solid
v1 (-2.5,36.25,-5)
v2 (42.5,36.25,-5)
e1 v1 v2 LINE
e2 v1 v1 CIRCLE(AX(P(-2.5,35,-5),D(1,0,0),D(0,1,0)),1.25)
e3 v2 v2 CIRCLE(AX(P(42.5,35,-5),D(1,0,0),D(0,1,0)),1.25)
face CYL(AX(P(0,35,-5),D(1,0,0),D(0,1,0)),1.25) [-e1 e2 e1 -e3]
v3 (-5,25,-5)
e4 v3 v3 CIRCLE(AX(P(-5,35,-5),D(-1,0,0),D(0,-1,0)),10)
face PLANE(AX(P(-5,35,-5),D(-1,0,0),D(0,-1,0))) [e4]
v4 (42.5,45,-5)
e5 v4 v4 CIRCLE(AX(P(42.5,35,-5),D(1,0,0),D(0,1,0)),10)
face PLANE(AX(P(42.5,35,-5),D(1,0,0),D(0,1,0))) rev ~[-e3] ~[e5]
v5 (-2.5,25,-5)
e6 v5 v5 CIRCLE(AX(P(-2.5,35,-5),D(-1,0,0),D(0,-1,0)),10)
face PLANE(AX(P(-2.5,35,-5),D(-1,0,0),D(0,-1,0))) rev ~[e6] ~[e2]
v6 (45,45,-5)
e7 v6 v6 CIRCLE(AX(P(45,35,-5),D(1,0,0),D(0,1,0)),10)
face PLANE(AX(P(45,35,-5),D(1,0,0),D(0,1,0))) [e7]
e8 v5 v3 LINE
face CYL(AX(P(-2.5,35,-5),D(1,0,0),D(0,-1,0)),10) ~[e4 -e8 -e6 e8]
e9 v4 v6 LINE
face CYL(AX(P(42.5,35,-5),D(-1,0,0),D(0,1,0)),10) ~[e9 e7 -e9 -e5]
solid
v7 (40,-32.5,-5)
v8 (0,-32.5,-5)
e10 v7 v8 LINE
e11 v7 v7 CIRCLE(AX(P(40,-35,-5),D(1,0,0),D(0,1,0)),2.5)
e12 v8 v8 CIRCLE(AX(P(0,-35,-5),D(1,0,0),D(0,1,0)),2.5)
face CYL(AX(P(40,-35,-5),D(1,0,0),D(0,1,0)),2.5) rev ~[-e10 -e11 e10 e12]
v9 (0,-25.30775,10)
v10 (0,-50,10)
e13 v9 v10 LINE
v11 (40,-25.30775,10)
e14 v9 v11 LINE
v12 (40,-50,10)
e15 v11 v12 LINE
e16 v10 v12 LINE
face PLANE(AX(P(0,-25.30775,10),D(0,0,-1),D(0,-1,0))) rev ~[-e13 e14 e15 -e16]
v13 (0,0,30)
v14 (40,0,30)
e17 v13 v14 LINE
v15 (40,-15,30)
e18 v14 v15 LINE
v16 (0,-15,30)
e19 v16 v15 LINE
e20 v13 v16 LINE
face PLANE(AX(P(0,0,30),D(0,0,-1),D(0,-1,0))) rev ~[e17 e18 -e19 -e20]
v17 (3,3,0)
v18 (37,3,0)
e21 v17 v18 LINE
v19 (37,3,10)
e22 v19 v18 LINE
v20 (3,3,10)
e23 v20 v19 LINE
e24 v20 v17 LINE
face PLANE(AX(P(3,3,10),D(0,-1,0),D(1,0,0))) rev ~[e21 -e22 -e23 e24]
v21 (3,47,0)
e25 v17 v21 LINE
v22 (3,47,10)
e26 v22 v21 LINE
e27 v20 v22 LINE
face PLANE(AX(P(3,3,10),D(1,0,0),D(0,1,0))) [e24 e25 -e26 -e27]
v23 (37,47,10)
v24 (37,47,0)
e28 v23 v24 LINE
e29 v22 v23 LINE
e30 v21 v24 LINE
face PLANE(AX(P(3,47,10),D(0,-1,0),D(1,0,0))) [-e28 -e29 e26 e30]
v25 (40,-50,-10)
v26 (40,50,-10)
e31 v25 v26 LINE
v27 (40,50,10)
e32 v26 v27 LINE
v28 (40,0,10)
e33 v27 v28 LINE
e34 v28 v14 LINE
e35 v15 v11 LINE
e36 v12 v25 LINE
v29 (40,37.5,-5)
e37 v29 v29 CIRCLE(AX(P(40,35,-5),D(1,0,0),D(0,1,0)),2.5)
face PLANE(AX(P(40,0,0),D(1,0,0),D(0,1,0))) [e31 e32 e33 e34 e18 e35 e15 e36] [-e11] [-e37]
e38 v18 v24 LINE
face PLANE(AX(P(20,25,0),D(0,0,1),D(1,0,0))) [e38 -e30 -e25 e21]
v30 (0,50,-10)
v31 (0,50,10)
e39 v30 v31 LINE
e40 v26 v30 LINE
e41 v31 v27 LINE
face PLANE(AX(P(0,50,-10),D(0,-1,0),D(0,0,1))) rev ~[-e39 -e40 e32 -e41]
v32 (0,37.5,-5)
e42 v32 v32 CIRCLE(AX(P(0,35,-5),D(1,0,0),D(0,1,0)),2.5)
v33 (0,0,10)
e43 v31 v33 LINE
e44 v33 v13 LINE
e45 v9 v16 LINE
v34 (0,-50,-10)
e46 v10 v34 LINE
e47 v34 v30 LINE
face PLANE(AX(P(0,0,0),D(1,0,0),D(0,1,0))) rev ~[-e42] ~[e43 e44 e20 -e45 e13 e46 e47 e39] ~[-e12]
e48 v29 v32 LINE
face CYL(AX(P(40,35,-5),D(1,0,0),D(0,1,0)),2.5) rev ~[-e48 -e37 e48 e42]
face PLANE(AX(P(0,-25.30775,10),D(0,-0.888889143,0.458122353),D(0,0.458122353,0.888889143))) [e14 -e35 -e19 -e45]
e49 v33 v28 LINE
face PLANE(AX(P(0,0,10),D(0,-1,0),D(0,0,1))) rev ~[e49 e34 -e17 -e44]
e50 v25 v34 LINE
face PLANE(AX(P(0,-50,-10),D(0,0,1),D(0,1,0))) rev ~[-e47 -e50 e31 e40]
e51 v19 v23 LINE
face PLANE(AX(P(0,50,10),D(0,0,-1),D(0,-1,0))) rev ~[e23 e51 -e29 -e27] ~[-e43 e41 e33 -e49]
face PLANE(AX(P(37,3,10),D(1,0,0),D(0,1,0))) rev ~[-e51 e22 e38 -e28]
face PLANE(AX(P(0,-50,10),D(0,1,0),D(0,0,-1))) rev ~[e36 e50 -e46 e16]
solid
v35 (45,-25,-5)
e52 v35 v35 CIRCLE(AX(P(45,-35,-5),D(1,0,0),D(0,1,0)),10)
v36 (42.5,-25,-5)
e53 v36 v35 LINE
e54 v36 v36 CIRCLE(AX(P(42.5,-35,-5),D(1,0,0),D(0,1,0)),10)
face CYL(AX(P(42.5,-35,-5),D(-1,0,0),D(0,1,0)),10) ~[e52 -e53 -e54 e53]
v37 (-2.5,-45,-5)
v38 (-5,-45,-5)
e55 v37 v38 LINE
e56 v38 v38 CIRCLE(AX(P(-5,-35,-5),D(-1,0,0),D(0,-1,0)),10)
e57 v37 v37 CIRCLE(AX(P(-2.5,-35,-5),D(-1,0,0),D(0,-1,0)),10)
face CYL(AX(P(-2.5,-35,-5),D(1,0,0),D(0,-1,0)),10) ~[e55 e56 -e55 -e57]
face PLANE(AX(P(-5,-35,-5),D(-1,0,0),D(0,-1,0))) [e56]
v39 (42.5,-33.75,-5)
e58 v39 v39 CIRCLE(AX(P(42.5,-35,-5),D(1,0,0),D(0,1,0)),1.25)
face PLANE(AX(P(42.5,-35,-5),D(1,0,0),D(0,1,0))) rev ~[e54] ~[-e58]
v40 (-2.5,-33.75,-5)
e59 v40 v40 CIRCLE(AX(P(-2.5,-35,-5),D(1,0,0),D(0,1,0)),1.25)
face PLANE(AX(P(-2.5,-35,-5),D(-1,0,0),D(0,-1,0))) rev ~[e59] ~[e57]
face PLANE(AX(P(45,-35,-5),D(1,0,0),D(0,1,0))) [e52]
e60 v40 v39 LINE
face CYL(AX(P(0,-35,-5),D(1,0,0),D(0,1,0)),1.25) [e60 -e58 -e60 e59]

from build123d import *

# Parameters (mm, degrees)
F0_W      = 15
F0_H      = 20
F1_DEPTH  = 40
F2_DEPTH  = 25
F3_DEPTH  = 40.001
F4_R      = 2.5
F5_DEPTH  = 40.001
F6_W      = 34
F6_H      = 44
F7_DEPTH  = 10
F8_R      = 1.25
F9_DEPTH  = 42.5
F10_DEPTH = 2.5
F11_DEPTH = 2.5
F12_R     = 10
F13_DEPTH = 2.5
F14_R     = 10
F15_DEPTH = 2.5
F16_R     = 10
F17_DEPTH = 2.5
F18_R     = 10
F19_DEPTH = 2.5


with BuildPart() as f1:
    # F0 (on Right) → F1 (new body)
    with BuildSketch(Plane.YZ):
        Polygon((50, -10), (50, 10), (0, 10), (-15, 10), (-25.30775, 10), (-50, 10), (-50, -10), align=None)
        with Locations((-7.5, 20)):
            Rectangle(F0_W, F0_H)
        Polygon((-25.30775, 10), (-15, 10), (-15, 30), align=None)
        Polygon((-25.30775, 30), (-25.30775, 10), (-15, 30), align=None)
    extrude(amount=F1_DEPTH)

    # F0 (on Right) + F1_face (on face) → F2 (join)
    with BuildSketch(Plane.YZ):
        Polygon((50, -10), (50, 10), (0, 10), (-15, 10), (-25.30775, 10), (-50, 10), (-50, -10), align=None)
        with Locations((-7.5, 20)):
            Rectangle(F0_W, F0_H)
        Polygon((-25.30775, 10), (-15, 10), (-15, 30), align=None)
        Polygon((-25.30775, 30), (-25.30775, 10), (-15, 30), align=None)
    with BuildSketch(Plane(origin=(0, -2.5556368623, 4.0392952551), x_dir=(0, 1, 0), z_dir=(-1, 0, 0))):
        Polygon((52.5556368623, -5.9607047449), (52.5556368623, 14.0392952551), (-47.4443631377, 14.0392952551), (-47.4443631377, -5.9607047449), (-22.7521131377, -5.9607047449), (-22.7521131377, -25.9607047449), (2.5556368623, -25.9607047449), (2.5556368623, -5.9607047449), align=None)
    extrude(amount=F2_DEPTH, dir=(1, 0, 0))

    # F0 (on Right) → F3 (cut, through all)
    with BuildSketch(Plane.YZ):
        Polygon((-25.30775, 30), (-25.30775, 10), (-15, 30), align=None)
    extrude(amount=F3_DEPTH, mode=Mode.SUBTRACT)

    # F4 (on face) → F5 (cut, through all)
    with BuildSketch(Plane.YZ.offset(40)):
        with Locations((-35, -5)):
            Circle(F4_R)
        with Locations((35, -5)):
            Circle(F4_R)
    extrude(amount=-F5_DEPTH, mode=Mode.SUBTRACT)

    # F6 (on face) → F7 (cut)
    with BuildSketch(Plane.XY.offset(10)):
        with Locations((20, 25)):
            Rectangle(F6_W, F6_H)
    extrude(amount=-F7_DEPTH, mode=Mode.SUBTRACT)


with BuildPart() as f9:
    # F8 (on Right) → F9 (new body)
    with BuildSketch(Plane.YZ):
        with Locations((35, -5)):
            Circle(F8_R)
    extrude(amount=F9_DEPTH)

    # F10 (add): a face of the model
    f10_faces = [f9.faces().sort_by_distance(p)[0] for p in [
        (0, 35, -5),
    ]]
    extrude(f10_faces, amount=F10_DEPTH)

    # F12 (on face) → F13 (join)
    with BuildSketch(Plane(origin=(-2.5, 0, 0), x_dir=(0, -1, 0), z_dir=(-1, 0, 0))):
        with Locations((-35, -5)):
            Circle(F12_R)
    extrude(amount=F13_DEPTH)

    # F18 (on face) → F19 (join)
    with BuildSketch(Plane.YZ.offset(42.5)):
        with Locations((35, -5)):
            Circle(F18_R)
    extrude(amount=F19_DEPTH)


with BuildPart() as f9b:
    # F8 (on Right) → F9, piece 2 (new body)
    with BuildSketch(Plane.YZ):
        with Locations((-35, -5)):
            Circle(F8_R)
    extrude(amount=F9_DEPTH)

    # F11 (add): a face of the model
    f11_faces = [f9b.faces().sort_by_distance(p)[0] for p in [
        (0, -35, -5),
    ]]
    extrude(f11_faces, amount=F11_DEPTH)

    # F14 (on face) → F15 (join)
    with BuildSketch(Plane(origin=(-2.5, 0, 0), x_dir=(0, -1, 0), z_dir=(-1, 0, 0))):
        with Locations((35, -5)):
            Circle(F14_R)
    extrude(amount=F15_DEPTH)

    # F16 (on face) → F17 (join)
    with BuildSketch(Plane.YZ.offset(42.5)):
        with Locations((-35, -5)):
            Circle(F16_R)
    extrude(amount=F17_DEPTH)


solid = Compound([f1.part, f9.part, f9b.part])
